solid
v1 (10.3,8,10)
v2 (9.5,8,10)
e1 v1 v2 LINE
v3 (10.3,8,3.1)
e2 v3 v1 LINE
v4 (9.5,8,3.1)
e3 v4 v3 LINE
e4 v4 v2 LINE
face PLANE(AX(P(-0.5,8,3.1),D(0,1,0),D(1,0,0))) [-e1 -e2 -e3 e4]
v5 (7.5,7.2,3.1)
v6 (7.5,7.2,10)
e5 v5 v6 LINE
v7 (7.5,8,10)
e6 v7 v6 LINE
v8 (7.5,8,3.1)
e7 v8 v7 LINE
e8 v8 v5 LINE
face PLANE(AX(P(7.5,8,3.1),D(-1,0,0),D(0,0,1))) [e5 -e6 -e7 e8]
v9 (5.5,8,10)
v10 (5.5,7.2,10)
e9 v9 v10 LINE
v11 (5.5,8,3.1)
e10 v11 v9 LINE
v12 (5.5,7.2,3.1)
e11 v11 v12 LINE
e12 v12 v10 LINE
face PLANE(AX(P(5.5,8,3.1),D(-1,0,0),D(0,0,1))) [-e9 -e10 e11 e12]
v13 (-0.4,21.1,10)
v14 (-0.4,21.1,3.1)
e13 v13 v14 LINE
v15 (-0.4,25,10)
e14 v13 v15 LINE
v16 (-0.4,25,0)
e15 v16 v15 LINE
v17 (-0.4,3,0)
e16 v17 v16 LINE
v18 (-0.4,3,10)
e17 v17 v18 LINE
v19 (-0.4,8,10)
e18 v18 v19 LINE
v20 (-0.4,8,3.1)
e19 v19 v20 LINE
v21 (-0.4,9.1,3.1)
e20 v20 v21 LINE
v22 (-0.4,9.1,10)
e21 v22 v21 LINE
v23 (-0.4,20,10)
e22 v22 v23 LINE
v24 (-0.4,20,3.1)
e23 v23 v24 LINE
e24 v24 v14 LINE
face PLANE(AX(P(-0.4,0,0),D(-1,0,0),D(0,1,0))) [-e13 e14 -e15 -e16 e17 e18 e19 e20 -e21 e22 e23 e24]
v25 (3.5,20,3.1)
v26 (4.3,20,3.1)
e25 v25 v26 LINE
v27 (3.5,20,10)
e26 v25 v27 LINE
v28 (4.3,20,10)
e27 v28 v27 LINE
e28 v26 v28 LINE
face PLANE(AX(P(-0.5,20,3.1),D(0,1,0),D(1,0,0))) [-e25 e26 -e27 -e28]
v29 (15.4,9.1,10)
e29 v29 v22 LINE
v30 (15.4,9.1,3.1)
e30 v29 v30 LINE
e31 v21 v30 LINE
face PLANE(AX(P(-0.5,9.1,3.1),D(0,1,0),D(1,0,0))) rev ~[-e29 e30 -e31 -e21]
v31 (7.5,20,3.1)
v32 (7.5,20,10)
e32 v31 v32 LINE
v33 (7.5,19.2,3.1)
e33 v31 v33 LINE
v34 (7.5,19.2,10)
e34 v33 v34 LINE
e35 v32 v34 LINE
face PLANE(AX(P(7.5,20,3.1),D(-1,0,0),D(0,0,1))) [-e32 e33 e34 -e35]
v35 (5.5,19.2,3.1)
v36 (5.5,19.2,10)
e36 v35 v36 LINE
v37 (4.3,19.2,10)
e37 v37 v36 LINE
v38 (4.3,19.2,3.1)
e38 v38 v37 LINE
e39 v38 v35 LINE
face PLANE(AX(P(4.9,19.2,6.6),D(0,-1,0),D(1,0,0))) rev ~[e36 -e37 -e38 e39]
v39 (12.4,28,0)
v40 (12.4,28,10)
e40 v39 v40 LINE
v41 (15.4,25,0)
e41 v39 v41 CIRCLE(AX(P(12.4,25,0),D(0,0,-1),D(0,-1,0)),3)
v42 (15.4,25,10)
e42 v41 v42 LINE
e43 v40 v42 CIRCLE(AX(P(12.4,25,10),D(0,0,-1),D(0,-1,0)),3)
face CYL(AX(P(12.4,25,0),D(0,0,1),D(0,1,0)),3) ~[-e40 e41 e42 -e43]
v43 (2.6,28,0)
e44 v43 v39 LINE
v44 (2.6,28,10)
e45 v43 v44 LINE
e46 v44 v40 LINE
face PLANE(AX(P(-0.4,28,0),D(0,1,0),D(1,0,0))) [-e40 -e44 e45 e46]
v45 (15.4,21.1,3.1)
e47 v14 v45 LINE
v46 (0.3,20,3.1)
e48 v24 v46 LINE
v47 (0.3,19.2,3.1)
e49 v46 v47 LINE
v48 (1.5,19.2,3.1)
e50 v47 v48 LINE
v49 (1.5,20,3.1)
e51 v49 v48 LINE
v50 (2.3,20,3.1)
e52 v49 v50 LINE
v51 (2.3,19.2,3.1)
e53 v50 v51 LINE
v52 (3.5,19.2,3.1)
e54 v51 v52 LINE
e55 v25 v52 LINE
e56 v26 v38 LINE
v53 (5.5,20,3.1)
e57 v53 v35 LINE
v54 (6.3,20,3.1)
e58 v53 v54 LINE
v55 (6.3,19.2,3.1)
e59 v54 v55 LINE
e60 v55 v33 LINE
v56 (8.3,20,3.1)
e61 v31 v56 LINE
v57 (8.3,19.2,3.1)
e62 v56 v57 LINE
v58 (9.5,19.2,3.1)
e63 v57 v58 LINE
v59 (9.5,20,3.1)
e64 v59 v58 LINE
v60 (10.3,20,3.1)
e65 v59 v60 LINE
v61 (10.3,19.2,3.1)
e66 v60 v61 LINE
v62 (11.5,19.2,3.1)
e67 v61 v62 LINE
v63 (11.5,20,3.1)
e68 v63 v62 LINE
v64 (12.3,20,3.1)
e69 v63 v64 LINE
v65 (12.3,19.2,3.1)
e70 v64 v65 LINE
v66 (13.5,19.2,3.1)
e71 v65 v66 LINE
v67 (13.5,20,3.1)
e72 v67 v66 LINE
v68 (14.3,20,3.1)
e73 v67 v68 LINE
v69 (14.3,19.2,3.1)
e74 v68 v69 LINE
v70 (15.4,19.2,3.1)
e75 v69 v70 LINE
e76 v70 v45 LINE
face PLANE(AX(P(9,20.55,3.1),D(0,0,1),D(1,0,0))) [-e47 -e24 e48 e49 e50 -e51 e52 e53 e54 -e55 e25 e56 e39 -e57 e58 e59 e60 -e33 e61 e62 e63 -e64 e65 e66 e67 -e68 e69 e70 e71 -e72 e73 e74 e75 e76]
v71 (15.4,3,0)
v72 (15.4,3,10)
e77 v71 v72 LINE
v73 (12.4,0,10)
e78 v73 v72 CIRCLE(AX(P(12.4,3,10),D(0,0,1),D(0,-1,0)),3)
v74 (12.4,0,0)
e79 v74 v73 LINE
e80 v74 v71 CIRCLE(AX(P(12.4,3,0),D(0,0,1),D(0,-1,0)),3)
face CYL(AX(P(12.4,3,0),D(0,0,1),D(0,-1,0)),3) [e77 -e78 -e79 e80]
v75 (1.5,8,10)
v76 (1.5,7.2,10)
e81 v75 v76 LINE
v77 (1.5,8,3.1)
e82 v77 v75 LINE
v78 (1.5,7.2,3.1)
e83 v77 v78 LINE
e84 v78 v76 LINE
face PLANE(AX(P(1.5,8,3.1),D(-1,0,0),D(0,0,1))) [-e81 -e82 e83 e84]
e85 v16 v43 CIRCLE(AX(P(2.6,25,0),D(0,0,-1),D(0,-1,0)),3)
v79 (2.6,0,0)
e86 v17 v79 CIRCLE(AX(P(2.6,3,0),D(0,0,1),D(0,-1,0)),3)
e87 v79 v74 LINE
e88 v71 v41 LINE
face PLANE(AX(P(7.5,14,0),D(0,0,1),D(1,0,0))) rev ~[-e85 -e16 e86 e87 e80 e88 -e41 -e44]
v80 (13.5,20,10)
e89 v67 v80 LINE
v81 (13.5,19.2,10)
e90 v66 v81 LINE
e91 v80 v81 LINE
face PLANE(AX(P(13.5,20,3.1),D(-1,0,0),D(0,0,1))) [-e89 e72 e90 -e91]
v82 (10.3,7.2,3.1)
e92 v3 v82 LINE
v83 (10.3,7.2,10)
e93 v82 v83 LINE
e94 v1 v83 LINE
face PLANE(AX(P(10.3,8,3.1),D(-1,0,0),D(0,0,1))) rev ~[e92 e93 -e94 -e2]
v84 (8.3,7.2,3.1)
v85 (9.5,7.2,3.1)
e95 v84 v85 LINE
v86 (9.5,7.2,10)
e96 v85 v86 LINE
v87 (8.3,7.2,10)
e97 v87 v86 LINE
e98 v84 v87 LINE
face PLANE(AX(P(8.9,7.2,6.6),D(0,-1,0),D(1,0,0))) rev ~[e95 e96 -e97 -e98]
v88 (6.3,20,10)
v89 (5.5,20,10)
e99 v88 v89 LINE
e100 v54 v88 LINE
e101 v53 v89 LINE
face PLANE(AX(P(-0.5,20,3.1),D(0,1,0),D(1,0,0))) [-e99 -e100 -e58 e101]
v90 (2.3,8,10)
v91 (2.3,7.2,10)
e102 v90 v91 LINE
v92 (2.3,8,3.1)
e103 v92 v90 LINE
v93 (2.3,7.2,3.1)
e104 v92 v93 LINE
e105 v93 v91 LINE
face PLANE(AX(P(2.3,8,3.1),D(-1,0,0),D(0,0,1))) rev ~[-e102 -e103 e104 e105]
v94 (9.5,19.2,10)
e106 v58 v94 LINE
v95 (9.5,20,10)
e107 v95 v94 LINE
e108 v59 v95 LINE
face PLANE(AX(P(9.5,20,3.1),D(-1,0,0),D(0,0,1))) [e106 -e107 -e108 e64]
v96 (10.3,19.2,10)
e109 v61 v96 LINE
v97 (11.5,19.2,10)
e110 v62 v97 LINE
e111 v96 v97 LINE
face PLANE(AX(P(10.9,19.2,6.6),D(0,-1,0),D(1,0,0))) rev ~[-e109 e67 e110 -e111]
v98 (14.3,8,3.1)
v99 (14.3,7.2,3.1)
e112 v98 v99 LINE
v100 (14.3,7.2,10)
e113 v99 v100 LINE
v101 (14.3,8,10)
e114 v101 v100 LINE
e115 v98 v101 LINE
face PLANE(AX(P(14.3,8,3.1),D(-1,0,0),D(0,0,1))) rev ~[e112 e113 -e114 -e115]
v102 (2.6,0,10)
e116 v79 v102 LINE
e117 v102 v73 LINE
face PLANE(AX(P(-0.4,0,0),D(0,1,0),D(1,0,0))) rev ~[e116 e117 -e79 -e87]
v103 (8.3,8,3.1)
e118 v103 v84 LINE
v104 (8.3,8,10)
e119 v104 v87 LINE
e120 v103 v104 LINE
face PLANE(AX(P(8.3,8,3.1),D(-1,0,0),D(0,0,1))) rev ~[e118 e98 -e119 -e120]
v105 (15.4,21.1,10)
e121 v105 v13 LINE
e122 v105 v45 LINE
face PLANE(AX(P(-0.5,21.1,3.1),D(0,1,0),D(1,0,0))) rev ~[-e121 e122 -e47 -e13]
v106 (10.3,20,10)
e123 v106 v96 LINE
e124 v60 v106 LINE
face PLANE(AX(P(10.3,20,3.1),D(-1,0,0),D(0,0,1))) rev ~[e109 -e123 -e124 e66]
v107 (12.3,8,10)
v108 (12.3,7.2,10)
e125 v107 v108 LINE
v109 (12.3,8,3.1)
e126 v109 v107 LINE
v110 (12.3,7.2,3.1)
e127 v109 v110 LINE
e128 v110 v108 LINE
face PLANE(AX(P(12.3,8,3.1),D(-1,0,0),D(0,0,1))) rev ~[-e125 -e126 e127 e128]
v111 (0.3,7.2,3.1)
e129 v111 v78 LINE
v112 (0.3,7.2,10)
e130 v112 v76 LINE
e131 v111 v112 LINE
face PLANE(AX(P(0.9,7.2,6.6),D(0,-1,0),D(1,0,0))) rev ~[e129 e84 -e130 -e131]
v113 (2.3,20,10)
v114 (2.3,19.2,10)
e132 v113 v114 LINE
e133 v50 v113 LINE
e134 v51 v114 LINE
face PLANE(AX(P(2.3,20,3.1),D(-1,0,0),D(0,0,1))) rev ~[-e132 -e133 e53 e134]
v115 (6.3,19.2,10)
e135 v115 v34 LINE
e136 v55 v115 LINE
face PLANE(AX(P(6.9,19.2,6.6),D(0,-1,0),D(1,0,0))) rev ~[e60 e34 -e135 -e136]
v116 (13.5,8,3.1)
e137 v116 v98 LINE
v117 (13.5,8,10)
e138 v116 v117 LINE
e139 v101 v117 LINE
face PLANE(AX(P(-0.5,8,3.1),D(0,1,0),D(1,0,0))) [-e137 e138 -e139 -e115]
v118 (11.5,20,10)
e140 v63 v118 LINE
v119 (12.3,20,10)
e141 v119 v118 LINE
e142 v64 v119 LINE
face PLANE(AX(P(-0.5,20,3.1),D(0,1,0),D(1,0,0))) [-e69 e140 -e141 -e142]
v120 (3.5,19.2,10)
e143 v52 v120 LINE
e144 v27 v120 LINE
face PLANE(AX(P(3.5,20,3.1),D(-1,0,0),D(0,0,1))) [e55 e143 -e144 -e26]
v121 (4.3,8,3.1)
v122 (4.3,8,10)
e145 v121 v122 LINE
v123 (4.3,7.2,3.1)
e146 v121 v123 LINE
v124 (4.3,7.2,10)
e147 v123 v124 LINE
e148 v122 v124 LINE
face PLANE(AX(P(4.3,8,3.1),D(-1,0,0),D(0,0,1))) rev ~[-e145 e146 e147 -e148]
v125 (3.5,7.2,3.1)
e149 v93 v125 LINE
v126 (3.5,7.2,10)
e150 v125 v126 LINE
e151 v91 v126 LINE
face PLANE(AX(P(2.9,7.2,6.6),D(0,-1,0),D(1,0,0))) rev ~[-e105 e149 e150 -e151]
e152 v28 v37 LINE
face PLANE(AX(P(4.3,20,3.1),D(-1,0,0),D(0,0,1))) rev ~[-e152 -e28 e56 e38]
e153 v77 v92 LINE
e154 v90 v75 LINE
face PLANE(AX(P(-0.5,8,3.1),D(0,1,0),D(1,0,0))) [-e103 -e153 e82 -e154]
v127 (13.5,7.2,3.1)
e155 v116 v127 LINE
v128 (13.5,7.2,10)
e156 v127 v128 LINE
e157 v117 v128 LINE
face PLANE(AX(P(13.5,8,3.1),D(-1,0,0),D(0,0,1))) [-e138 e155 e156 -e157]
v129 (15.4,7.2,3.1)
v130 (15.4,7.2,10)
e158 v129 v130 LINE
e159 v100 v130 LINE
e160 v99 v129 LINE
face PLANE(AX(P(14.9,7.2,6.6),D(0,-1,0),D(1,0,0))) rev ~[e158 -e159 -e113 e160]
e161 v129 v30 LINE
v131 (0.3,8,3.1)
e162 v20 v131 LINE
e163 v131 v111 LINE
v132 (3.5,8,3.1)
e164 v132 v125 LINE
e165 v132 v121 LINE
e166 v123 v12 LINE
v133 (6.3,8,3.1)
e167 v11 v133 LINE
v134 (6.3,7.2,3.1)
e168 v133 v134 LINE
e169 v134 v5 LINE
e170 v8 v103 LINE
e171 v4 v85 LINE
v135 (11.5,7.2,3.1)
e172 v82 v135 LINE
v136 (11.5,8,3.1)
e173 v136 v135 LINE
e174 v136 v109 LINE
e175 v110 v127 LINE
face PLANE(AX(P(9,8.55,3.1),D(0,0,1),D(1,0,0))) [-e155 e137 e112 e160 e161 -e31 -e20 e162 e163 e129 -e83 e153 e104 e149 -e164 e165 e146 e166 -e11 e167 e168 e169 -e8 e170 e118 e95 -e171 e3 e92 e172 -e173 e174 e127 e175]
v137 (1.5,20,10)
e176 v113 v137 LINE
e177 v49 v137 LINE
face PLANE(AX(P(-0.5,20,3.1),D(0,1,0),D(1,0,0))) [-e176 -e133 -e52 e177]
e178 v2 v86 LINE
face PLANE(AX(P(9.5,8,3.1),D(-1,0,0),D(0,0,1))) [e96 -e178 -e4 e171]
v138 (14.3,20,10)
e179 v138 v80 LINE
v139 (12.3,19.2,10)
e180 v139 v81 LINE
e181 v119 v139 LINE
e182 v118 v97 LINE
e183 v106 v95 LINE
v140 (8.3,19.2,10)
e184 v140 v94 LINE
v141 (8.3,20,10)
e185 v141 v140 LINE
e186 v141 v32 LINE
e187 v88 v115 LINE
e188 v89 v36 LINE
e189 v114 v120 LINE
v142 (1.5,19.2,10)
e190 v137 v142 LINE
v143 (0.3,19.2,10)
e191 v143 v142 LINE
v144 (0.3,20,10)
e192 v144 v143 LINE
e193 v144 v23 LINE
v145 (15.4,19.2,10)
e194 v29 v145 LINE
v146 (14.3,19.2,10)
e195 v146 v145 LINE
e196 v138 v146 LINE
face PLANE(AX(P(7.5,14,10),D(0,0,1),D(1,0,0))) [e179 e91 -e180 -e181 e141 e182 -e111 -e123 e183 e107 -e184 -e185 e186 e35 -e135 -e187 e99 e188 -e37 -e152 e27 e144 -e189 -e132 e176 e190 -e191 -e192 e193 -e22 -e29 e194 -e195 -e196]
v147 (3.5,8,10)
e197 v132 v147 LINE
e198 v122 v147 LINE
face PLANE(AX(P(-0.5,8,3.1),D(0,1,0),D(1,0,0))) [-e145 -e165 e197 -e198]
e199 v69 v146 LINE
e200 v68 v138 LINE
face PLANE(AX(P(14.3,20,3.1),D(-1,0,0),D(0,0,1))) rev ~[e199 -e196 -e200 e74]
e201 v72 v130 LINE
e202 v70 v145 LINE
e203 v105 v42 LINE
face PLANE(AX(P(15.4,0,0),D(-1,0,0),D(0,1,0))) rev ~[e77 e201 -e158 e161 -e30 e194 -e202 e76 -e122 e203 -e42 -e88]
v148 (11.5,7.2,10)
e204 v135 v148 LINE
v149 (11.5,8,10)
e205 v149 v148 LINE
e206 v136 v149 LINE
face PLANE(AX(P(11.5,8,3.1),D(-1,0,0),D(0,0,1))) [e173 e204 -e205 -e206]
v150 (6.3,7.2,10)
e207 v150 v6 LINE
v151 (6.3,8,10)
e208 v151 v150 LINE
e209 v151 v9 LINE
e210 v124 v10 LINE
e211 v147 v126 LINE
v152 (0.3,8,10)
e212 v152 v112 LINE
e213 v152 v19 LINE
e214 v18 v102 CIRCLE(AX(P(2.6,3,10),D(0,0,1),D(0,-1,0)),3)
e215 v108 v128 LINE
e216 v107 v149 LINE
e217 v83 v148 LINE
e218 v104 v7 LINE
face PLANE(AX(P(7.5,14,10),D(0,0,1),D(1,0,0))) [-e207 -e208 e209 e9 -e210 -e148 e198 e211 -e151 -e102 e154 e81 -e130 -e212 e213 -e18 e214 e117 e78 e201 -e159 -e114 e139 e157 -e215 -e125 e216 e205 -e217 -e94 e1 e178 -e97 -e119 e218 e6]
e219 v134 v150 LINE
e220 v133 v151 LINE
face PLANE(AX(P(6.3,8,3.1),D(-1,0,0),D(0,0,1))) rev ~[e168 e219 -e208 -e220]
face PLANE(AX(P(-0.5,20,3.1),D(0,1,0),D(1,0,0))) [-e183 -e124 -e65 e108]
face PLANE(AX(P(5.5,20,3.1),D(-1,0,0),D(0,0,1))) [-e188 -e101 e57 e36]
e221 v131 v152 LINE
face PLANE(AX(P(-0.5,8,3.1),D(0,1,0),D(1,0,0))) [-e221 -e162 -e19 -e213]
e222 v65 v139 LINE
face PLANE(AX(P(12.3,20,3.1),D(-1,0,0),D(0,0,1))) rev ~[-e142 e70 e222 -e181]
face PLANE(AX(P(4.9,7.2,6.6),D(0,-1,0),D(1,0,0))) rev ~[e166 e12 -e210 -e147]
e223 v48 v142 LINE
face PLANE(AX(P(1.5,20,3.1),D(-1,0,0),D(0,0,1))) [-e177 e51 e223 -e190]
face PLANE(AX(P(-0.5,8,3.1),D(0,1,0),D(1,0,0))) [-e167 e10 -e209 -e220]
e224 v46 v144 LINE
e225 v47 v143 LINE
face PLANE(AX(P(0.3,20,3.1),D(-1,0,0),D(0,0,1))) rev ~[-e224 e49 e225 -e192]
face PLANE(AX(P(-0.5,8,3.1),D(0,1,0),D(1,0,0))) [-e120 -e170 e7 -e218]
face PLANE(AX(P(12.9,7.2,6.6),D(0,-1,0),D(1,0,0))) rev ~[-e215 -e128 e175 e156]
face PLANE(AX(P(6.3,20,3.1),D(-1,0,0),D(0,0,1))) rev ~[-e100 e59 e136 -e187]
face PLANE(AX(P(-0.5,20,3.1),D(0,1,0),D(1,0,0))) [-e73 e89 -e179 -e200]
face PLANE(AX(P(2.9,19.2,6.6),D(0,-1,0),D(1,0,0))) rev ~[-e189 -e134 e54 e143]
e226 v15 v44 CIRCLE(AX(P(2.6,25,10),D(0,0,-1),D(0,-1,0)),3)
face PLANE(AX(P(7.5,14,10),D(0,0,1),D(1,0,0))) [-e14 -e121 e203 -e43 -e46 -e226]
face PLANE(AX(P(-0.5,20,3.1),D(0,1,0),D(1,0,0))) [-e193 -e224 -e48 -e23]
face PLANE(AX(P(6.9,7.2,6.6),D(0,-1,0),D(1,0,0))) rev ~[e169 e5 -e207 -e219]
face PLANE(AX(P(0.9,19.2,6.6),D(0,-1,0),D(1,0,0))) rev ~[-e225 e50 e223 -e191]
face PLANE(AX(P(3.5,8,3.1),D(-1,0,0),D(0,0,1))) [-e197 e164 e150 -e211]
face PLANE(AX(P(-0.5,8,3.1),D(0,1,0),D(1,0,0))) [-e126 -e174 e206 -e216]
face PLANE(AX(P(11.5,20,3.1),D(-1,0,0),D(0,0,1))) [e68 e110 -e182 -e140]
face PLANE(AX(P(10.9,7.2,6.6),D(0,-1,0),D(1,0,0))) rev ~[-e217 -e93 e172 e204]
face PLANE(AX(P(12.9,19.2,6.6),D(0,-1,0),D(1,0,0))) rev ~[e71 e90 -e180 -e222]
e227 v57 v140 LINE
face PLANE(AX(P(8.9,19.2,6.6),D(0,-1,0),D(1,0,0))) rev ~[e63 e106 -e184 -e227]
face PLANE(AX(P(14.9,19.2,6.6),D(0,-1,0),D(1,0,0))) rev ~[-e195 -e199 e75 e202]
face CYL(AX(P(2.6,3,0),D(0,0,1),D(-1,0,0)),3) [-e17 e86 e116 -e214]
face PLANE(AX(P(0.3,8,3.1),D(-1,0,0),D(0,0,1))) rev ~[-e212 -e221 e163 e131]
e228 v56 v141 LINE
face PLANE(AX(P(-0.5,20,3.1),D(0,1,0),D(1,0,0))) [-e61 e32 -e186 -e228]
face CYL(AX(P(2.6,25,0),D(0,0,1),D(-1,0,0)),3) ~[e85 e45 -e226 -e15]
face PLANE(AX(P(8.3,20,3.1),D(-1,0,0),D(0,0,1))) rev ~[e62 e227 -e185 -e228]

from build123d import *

# Parameters (mm, degrees)
BOX_W        = 19
BOX_H        = 1.1
BOX_DEPTH    = 7
SKETCH015_W  = 1.2
SKETCH015_H  = 7
PAD_DEPTH    = 0.8
BOX002_W     = 19
BOX002_H     = 1.1
BOX002_DEPTH = 7
SKETCH016_W  = 1.2
SKETCH016_H  = 7
PAD001_DEPTH = 0.8
BOX001_W     = 15.8
BOX001_H     = 28
BOX001_DEPTH = 10
FILLET_R     = 3


with BuildPart() as pad:
    # Box → Box (new body)
    with BuildSketch(Plane(origin=(-0.5, 20, 3.1), x_dir=(1, 0, 0), z_dir=(0, 0, 1))):
        with Locations((9.5, 0.55)):
            Rectangle(BOX_W, BOX_H)
    extrude(amount=BOX_DEPTH)

    # Sketch015 → Pad (new body)
    with BuildSketch(Plane(origin=(-0.5, 20, 3.1), x_dir=(1, 0, 0), z_dir=(0, -1, 0))):
        with Locations((1.4, 3.5)):
            Rectangle(SKETCH015_W, SKETCH015_H)
        with Locations((3.4, 3.5)):
            Rectangle(SKETCH015_W, SKETCH015_H)
        with Locations((5.4, 3.5)):
            Rectangle(SKETCH015_W, SKETCH015_H)
        with Locations((7.4, 3.5)):
            Rectangle(SKETCH015_W, SKETCH015_H)
        with Locations((9.4, 3.5)):
            Rectangle(SKETCH015_W, SKETCH015_H)
        with Locations((11.4, 3.5)):
            Rectangle(SKETCH015_W, SKETCH015_H)
        with Locations((13.4, 3.5)):
            Rectangle(SKETCH015_W, SKETCH015_H)
        with Locations((15.4, 3.5)):
            Rectangle(SKETCH015_W, SKETCH015_H)
    extrude(amount=PAD_DEPTH)


with BuildPart() as pad001:
    # Box002 → Box002 (new body)
    with BuildSketch(Plane(origin=(-0.5, 8, 3.1), x_dir=(1, 0, 0), z_dir=(0, 0, 1))):
        with Locations((9.5, 0.55)):
            Rectangle(BOX002_W, BOX002_H)
    extrude(amount=BOX002_DEPTH)

    # Sketch016 → Pad001 (new body)
    with BuildSketch(Plane(origin=(-0.5, 8, 3.1), x_dir=(1, 0, 0), z_dir=(0, -1, 0))):
        with Locations((1.4, 3.5)):
            Rectangle(SKETCH016_W, SKETCH016_H)
        with Locations((3.4, 3.5)):
            Rectangle(SKETCH016_W, SKETCH016_H)
        with Locations((5.4, 3.5)):
            Rectangle(SKETCH016_W, SKETCH016_H)
        with Locations((7.4, 3.5)):
            Rectangle(SKETCH016_W, SKETCH016_H)
        with Locations((9.4, 3.5)):
            Rectangle(SKETCH016_W, SKETCH016_H)
        with Locations((11.4, 3.5)):
            Rectangle(SKETCH016_W, SKETCH016_H)
        with Locations((13.4, 3.5)):
            Rectangle(SKETCH016_W, SKETCH016_H)
        with Locations((15.4, 3.5)):
            Rectangle(SKETCH016_W, SKETCH016_H)
    extrude(amount=PAD001_DEPTH)


with BuildPart() as fillet_body:
    # Box001 → Box001 (new body)
    with BuildSketch(Plane(origin=(-0.4, 0, 0), x_dir=(1, 0, 0), z_dir=(0, 0, 1))):
        with Locations((7.9, 14)):
            Rectangle(BOX001_W, BOX001_H)
    extrude(amount=BOX001_DEPTH)

    # Cut: cut Pad001
    add(pad001.part, mode=Mode.SUBTRACT)

    # Cut001: cut Pad
    add(pad.part, mode=Mode.SUBTRACT)

    # Fillet
    fillet_edges = [fillet_body.edges().sort_by_distance(p)[0] for p in [
        (-0.4, 28, 5),
        (-0.4, 0, 5),
        (15.4, 28, 5),
        (15.4, 0, 5),
    ]]
    fillet(fillet_edges, radius=FILLET_R)


solid = fillet_body.part
